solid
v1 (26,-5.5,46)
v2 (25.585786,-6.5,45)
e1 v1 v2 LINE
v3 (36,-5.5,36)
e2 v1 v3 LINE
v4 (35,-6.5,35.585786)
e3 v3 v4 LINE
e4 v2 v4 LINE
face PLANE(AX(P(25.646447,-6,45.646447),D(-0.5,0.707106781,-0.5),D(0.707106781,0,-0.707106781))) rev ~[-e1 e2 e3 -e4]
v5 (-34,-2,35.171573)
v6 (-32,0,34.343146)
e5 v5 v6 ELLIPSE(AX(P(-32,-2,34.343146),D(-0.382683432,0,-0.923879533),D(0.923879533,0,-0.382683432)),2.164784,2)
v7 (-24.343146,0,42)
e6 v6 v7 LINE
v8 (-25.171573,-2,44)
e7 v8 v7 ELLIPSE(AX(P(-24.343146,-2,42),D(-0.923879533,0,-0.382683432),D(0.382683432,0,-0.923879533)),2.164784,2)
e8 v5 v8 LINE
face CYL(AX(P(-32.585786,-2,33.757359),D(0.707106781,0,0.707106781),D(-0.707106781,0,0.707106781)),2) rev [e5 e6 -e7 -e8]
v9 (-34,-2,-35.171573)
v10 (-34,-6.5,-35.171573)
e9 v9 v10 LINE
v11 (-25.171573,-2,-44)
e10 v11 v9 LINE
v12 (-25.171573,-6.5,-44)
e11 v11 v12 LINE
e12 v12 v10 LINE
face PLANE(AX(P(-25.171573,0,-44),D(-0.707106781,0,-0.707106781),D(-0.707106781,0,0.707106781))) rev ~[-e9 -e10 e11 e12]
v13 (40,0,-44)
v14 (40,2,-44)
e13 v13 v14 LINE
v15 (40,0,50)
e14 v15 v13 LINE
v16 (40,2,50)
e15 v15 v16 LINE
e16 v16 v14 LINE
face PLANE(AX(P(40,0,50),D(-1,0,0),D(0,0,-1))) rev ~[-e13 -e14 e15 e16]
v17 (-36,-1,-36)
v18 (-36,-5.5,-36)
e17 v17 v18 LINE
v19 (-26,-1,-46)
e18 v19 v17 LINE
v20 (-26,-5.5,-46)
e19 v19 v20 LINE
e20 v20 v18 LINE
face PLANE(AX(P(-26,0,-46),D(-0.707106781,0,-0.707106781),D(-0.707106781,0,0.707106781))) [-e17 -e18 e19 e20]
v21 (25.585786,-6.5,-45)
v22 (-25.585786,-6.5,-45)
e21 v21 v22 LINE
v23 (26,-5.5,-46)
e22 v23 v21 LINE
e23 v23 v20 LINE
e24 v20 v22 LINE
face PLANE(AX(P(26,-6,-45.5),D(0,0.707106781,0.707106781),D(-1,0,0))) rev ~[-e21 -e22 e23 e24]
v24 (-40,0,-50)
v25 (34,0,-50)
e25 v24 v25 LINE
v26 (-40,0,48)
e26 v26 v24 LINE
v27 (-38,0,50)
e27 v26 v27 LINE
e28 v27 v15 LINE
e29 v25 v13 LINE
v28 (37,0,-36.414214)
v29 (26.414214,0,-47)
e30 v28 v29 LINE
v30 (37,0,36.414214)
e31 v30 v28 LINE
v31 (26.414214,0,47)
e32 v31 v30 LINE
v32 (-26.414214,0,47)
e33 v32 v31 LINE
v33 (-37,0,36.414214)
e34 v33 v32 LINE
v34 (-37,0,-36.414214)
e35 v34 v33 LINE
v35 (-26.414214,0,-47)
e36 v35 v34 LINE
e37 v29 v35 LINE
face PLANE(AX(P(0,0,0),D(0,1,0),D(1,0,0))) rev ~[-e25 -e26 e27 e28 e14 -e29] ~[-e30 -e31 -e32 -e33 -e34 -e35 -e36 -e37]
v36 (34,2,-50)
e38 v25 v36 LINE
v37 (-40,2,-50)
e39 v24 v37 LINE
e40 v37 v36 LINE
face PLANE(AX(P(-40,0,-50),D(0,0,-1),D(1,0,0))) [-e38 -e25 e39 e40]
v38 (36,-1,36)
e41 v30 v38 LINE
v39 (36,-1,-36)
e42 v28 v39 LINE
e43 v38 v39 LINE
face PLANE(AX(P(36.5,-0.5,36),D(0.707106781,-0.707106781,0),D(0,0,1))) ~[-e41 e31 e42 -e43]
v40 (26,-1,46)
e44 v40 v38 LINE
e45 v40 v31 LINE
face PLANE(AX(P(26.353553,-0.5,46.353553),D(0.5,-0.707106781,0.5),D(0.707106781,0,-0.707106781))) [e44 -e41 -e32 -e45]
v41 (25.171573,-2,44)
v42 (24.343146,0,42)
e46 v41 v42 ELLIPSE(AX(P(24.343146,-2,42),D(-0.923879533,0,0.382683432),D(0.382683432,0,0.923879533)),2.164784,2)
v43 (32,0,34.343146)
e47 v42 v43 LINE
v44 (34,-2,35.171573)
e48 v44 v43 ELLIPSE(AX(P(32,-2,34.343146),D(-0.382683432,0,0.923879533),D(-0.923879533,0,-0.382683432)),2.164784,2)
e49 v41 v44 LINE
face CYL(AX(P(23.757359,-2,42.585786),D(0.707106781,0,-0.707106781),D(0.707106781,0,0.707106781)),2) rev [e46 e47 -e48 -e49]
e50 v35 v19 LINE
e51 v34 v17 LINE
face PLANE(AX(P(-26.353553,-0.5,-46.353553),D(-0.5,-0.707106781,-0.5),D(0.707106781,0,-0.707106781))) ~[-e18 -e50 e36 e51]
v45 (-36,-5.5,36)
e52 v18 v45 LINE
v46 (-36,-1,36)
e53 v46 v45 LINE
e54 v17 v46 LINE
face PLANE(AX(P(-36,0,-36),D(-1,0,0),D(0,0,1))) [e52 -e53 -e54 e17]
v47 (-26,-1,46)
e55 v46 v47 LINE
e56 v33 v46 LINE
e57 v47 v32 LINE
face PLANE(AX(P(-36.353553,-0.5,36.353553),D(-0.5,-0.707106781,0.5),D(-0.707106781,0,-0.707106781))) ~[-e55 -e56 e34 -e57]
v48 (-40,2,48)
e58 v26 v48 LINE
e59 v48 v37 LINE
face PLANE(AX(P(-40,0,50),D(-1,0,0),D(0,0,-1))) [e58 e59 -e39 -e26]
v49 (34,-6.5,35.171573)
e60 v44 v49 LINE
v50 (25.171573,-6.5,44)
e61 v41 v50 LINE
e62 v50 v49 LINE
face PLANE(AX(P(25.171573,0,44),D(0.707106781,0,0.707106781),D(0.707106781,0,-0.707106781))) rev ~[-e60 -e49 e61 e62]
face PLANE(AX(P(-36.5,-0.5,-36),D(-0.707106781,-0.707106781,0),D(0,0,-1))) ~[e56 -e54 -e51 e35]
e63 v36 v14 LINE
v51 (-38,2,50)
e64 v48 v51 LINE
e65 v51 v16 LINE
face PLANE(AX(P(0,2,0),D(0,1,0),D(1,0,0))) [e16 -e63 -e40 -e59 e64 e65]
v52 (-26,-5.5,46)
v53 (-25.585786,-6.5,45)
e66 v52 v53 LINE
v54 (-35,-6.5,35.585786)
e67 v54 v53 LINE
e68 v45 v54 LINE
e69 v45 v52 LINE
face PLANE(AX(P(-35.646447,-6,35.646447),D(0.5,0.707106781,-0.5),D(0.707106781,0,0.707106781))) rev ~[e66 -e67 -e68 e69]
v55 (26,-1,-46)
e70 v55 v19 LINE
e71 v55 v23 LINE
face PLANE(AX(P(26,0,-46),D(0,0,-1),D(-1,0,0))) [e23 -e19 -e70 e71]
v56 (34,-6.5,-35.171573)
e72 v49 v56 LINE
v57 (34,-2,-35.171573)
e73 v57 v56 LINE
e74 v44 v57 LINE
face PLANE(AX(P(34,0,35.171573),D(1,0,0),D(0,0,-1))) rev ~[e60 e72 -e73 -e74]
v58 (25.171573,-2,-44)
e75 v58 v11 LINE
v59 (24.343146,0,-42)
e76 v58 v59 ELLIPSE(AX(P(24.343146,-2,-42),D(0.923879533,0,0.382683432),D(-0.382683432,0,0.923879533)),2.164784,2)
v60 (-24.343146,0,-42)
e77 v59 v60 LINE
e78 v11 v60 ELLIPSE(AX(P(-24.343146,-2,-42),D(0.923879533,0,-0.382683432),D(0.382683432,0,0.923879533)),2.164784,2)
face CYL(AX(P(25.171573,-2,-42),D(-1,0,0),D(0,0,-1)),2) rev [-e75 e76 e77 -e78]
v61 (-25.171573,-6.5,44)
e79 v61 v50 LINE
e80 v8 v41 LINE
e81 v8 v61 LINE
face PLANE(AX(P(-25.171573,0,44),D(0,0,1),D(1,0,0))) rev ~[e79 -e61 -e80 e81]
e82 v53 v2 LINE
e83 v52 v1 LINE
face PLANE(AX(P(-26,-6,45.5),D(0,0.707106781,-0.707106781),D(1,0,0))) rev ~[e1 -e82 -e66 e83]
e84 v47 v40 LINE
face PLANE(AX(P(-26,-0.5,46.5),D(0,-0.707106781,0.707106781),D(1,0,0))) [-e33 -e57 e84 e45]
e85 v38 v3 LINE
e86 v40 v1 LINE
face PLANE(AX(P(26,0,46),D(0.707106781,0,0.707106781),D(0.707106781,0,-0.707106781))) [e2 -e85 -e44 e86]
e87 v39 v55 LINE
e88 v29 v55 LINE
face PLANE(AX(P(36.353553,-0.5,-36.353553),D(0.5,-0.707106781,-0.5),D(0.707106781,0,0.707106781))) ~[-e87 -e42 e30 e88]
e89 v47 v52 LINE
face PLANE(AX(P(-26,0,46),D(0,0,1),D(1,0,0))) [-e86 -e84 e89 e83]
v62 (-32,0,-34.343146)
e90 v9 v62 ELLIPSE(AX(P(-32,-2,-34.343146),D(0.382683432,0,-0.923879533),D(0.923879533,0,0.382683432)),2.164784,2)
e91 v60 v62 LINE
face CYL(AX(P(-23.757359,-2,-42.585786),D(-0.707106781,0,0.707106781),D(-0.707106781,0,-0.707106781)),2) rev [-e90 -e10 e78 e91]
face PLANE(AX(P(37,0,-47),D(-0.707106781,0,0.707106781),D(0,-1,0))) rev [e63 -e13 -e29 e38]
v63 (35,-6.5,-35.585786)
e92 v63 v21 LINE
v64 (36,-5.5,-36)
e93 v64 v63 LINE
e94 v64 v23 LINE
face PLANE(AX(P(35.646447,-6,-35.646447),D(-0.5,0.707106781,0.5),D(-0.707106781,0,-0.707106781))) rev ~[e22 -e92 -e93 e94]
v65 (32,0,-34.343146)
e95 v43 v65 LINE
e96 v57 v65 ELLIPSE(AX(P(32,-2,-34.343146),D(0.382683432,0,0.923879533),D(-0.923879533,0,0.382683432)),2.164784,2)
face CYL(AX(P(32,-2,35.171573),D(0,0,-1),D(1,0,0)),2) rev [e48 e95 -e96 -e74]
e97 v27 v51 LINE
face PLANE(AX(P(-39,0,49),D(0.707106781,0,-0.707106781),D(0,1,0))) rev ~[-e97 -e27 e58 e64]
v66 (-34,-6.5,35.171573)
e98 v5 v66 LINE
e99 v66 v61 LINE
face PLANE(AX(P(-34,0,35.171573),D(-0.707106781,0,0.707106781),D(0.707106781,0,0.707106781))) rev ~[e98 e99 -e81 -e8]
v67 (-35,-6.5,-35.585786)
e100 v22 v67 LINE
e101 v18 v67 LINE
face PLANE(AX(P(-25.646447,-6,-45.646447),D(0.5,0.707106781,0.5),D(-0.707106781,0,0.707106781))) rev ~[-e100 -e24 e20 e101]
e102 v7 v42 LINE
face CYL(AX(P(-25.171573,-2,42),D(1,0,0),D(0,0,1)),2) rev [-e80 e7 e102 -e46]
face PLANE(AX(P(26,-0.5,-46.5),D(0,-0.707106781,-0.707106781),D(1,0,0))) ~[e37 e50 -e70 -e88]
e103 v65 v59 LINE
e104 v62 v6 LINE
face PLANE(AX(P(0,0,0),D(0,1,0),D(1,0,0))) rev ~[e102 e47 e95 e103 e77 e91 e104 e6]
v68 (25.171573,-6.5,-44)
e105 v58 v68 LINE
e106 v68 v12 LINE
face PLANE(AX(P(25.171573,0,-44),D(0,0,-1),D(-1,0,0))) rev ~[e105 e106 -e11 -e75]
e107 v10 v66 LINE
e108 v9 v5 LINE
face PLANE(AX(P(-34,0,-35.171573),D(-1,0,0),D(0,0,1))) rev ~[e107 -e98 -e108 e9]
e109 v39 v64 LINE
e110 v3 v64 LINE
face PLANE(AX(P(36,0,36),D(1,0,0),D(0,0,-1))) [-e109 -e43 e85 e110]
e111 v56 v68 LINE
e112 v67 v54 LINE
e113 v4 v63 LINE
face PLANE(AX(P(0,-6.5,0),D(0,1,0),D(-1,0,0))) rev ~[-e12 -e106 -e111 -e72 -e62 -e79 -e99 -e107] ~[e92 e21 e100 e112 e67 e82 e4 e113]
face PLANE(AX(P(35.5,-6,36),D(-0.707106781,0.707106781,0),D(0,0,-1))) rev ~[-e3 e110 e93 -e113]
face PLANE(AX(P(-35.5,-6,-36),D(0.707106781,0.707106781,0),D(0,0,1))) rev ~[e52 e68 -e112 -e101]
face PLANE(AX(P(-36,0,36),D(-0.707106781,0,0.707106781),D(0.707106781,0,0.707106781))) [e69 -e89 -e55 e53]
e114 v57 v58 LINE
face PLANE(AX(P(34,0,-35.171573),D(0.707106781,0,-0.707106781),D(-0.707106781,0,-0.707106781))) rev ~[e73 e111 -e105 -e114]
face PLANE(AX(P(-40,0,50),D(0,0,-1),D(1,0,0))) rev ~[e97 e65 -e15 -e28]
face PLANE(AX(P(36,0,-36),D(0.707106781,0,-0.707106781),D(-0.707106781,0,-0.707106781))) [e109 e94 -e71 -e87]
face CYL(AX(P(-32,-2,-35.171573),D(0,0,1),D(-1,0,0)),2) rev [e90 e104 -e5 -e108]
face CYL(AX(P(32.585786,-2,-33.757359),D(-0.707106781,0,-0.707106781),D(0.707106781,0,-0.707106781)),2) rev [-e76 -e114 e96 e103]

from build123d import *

# Parameters (mm, degrees)
SKETCH1_W           = 80
SKETCH1_H           = 100
BOSS_EXTRUDE1_DEPTH = 2
CHAMFER1_SIZE       = 2
CHAMFER2_SIZE       = 6
BOSS_EXTRUDE2_DEPTH = 6.5
CHAMFER3_SIZE       = 1
CHAMFER4_SIZE       = 1
FILLET1_R           = 2


with BuildPart() as part:
    # Sketch1 → Boss-Extrude1 (new body)
    with BuildSketch(Plane(origin=(0, 0, 0), x_dir=(1, 0, 0), z_dir=(0, 1, 0))):
        Rectangle(SKETCH1_W, SKETCH1_H)
    extrude(amount=BOSS_EXTRUDE1_DEPTH)

    # Chamfer1
    chamfer1_edges = [part.edges().sort_by_distance(p)[0] for p in [
        (-40, 1, 50),
    ]]
    chamfer(chamfer1_edges, length=CHAMFER1_SIZE)

    # Chamfer2
    chamfer2_edges = [part.edges().sort_by_distance(p)[0] for p in [
        (40, 1, -50),
    ]]
    chamfer(chamfer2_edges, length=CHAMFER2_SIZE)

    # Sketch3 → Boss-Extrude2 (add)
    with BuildSketch(Plane.XZ):
        Polygon((26, 46), (36, 36), (36, -36), (26, -46), (-26, -46), (-36, -36), (-36, 36), (-26, 46), align=None)
        Polygon((25.171572875, 44), (34, 35.171572875), (34, -35.171572875), (25.171572875, -44), (-25.171572875, -44), (-34, -35.171572875), (-34, 35.171572875), (-25.171572875, 44), align=None, mode=Mode.SUBTRACT)
    extrude(amount=BOSS_EXTRUDE2_DEPTH)

    # Chamfer3
    chamfer3_edges = [part.edges().sort_by_distance(p)[0] for p in [
        (0, -6.5, 46),
        (-31, -6.5, 41),
        (-36, -6.5, 0),
        (-31, -6.5, -41),
        (0, -6.5, -46),
        (31, -6.5, -41),
        (36, -6.5, 0),
        (31, -6.5, 41),
    ]]
    chamfer(chamfer3_edges, length=CHAMFER3_SIZE)

    # Chamfer4
    chamfer4_edges = [part.edges().sort_by_distance(p)[0] for p in [
        (0, 0, 46),
        (-31, 0, 41),
        (-36, 0, 0),
        (-31, 0, -41),
        (0, 0, -46),
        (31, 0, -41),
        (36, 0, 0),
        (31, 0, 41),
    ]]
    chamfer(chamfer4_edges, length=CHAMFER4_SIZE)

    # Fillet1
    fillet1_edges = [part.edges().sort_by_distance(p)[0] for p in [
        (0, 0, 44),
        (-29.585786438, 0, 39.585786438),
        (-34, 0, 0),
        (-29.585786438, 0, -39.585786438),
        (0, 0, -44),
        (29.585786438, 0, -39.585786438),
        (34, 0, 0),
        (29.585786438, 0, 39.585786438),
    ]]
    fillet(fillet1_edges, radius=FILLET1_R)


solid = part.part
